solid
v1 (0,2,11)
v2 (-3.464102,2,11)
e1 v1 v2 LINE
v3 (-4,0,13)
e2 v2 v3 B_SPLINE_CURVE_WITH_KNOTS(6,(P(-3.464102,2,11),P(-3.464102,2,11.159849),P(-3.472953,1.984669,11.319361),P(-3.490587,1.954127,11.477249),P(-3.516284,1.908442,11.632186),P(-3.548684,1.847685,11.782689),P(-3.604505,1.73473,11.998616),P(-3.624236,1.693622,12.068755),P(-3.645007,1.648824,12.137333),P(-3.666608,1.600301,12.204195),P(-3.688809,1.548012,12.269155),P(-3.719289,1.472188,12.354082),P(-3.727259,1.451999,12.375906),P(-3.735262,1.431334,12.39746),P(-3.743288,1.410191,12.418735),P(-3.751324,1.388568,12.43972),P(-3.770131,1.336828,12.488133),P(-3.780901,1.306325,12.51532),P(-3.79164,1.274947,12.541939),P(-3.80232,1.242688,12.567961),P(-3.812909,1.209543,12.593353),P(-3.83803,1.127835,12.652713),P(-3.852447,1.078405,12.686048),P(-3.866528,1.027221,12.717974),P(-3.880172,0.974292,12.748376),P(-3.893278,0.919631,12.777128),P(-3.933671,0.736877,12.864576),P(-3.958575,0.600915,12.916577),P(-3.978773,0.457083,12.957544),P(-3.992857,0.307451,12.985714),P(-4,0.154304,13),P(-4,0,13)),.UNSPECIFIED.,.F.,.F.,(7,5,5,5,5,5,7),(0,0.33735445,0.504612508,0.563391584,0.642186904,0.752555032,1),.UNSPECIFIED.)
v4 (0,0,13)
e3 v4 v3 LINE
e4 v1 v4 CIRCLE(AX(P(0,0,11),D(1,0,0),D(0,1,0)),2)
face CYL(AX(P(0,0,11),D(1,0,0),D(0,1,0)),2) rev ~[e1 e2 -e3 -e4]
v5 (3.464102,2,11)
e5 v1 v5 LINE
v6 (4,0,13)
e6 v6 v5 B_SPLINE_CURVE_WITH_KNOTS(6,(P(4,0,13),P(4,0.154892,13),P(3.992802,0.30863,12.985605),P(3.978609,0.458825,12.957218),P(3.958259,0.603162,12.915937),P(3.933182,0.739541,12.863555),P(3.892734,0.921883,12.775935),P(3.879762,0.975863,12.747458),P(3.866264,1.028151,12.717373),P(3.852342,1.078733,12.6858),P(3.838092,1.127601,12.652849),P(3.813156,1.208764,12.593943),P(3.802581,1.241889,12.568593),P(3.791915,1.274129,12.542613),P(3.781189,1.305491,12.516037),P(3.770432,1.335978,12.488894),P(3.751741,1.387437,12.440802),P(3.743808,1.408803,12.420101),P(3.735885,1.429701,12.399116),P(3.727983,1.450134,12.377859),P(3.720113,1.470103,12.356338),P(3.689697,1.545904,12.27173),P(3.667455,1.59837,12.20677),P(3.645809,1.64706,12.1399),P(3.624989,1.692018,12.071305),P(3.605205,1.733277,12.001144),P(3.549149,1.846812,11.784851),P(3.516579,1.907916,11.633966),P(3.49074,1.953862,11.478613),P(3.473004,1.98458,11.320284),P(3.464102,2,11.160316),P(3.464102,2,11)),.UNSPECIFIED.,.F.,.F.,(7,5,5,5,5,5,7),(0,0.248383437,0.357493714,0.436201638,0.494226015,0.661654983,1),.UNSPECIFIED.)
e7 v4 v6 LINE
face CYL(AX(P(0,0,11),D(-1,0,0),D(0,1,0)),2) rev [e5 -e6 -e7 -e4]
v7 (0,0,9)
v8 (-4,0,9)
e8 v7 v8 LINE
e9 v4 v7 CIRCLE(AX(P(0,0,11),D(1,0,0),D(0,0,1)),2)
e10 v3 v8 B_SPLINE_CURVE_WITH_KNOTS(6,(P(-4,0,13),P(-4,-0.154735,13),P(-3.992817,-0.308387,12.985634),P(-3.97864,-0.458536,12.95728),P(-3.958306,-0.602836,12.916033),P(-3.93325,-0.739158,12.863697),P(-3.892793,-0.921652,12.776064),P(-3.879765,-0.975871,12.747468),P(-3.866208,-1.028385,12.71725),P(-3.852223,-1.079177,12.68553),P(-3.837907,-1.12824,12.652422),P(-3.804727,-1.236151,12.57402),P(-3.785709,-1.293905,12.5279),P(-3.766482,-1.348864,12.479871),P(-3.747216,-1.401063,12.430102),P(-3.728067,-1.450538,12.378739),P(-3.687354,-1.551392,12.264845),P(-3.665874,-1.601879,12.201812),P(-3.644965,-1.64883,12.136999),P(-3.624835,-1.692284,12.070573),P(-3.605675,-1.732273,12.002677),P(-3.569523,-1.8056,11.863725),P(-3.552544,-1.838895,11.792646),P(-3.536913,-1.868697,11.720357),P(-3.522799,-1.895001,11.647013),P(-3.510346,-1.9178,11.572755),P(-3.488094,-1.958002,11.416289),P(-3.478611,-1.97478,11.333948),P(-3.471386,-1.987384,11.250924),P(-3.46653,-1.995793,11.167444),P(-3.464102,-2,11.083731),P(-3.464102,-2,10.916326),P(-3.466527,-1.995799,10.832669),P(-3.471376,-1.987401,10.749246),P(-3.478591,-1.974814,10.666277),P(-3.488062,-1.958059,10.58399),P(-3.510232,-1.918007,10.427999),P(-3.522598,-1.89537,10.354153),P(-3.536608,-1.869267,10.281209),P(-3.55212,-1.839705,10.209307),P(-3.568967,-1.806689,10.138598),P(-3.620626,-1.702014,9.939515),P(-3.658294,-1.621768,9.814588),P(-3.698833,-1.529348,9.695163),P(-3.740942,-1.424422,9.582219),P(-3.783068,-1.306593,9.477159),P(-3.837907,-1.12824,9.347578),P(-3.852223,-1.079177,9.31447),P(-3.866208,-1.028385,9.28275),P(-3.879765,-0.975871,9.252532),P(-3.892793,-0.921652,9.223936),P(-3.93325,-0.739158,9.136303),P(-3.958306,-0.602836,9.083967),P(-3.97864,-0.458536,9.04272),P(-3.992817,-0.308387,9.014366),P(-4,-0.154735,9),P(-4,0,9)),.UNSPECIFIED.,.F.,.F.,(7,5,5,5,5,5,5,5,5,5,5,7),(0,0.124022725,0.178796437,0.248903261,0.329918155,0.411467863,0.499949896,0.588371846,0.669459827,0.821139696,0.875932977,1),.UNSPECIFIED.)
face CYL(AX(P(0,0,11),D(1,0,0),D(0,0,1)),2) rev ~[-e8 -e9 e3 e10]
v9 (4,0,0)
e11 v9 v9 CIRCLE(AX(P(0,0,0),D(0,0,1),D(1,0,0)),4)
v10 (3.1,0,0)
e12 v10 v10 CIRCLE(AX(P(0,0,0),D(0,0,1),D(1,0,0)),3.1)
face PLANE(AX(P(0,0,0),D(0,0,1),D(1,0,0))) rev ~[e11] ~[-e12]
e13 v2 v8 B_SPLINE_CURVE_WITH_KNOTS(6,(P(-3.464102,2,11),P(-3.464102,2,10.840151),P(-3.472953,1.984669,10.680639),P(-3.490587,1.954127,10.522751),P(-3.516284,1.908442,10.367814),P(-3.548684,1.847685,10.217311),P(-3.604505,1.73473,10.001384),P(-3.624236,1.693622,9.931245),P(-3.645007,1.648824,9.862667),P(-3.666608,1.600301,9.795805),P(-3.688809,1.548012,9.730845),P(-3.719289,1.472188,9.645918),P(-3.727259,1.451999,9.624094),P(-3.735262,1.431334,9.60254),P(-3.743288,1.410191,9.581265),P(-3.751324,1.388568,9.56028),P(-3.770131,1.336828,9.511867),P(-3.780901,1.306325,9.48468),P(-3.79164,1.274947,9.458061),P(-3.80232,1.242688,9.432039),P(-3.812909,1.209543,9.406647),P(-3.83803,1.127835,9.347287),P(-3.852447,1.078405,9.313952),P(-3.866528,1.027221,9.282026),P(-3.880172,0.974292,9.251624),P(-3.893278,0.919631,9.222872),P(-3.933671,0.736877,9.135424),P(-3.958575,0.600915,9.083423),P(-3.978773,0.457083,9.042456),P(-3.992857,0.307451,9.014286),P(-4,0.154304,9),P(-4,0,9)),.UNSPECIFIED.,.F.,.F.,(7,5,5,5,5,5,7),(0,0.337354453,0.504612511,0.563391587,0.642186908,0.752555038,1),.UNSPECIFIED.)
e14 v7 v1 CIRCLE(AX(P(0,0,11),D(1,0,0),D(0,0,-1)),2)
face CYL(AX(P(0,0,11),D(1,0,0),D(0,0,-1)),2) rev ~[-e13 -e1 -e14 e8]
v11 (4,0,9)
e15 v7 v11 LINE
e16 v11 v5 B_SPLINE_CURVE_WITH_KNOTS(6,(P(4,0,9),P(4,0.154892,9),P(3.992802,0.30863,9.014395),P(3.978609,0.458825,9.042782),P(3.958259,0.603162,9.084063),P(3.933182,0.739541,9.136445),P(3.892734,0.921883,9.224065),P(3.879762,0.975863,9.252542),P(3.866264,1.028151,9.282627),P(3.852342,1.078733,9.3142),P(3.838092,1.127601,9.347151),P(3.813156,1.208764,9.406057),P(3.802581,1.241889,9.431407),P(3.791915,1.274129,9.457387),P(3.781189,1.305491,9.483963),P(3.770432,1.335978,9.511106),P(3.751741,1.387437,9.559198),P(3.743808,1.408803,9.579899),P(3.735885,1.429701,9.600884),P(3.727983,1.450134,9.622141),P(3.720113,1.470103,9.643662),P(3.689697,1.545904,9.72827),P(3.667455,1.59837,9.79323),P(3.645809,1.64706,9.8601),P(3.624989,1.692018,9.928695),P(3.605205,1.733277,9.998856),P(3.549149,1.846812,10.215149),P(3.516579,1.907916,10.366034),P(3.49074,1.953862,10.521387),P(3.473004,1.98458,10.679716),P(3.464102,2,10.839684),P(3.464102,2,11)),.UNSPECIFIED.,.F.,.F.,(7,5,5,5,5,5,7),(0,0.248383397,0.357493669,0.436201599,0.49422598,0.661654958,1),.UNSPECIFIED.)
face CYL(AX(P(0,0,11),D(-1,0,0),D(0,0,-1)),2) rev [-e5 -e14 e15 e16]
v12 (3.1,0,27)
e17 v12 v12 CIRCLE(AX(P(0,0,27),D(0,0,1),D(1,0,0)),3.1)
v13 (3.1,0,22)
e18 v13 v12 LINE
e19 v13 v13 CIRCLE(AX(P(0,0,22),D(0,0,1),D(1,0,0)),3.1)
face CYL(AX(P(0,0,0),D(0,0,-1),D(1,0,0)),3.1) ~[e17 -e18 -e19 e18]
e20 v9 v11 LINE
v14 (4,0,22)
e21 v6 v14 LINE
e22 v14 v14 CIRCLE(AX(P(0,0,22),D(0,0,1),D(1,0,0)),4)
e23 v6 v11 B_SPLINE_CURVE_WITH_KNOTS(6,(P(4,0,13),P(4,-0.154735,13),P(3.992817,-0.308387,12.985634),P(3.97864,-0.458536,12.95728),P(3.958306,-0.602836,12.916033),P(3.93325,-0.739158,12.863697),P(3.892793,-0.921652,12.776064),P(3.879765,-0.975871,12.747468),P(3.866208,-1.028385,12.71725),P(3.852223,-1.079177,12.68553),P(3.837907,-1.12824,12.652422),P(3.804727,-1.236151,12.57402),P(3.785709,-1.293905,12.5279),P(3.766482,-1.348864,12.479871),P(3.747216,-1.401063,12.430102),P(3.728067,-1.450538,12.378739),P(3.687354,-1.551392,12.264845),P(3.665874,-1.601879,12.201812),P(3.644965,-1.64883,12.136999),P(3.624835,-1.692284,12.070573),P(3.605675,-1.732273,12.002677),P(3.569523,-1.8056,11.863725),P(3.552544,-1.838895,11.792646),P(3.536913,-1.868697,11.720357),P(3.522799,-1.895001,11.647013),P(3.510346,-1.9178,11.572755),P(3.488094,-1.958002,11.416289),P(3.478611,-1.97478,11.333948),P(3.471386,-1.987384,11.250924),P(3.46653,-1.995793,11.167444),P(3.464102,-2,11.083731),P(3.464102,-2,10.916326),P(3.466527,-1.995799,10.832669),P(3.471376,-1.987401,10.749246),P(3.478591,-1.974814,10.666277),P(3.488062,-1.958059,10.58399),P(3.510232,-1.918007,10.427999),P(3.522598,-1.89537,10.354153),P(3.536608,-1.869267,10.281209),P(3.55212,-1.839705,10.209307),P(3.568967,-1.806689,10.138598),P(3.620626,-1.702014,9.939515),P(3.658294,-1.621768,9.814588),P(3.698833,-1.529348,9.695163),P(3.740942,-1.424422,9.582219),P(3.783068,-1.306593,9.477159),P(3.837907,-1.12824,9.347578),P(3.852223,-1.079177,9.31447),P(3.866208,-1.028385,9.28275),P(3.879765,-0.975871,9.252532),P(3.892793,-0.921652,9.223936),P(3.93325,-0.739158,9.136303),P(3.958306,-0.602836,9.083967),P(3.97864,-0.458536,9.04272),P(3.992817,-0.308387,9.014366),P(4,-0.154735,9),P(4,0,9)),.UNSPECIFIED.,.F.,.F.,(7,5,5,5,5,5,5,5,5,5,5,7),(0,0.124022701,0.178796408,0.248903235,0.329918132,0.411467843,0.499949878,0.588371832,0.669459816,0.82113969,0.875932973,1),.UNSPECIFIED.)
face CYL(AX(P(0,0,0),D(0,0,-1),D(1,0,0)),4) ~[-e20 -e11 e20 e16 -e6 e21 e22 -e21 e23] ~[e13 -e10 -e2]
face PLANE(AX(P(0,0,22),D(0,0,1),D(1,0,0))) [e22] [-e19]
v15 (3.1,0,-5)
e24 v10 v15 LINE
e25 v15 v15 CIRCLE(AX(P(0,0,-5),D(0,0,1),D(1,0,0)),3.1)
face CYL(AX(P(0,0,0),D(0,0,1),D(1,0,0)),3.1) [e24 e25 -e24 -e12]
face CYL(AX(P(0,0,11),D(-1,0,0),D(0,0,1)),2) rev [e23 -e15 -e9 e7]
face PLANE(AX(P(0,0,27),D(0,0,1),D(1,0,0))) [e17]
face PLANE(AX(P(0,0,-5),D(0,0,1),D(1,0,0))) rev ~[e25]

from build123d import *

# Parameters (mm, degrees)
F0_R     = 4
F0_R_2   = 3.1
F1_DEPTH = 22
F2_DEPTH = 27
F3_DEPTH = 5
F5_DEPTH = 25
F6_DEPTH = 25


with BuildPart() as f1:
    # F0 (on Top) → F1 (new body)
    with BuildSketch(Plane.XY):
        Circle(F0_R)
        Circle(F0_R_2, mode=Mode.SUBTRACT)
    extrude(amount=F1_DEPTH)

    # F0 (on Top) → F2 (join)
    with BuildSketch(Plane.XY):
        Circle(F0_R_2)
    extrude(amount=F2_DEPTH)

    # F0 (on Top) → F3 (join)
    with BuildSketch(Plane.XY):
        Circle(F0_R_2)
    extrude(amount=-F3_DEPTH)

    # F4 (on Right) → F5 (cut)
    with BuildSketch(Plane.YZ):
        with BuildLine():
            ThreePointArc((0, 13), (-2, 11), (0, 9))
            Line((0, 9), (0, 13))
        make_face()
        with BuildLine():
            Line((0, 13), (0, 9))
            ThreePointArc((0, 9), (1.4142135624, 9.5857864376), (2, 11))
            ThreePointArc((2, 11), (1.4142135624, 12.4142135624), (0, 13))
        make_face()
    extrude(amount=F5_DEPTH, mode=Mode.SUBTRACT)

    # F6 (cut): a face of the model
    f6_faces = [f1.faces().sort_by_distance(p)[0] for p in [
        (0, 0, 11),
    ]]
    extrude(f6_faces, amount=-F6_DEPTH, mode=Mode.SUBTRACT)


solid = f1.part
